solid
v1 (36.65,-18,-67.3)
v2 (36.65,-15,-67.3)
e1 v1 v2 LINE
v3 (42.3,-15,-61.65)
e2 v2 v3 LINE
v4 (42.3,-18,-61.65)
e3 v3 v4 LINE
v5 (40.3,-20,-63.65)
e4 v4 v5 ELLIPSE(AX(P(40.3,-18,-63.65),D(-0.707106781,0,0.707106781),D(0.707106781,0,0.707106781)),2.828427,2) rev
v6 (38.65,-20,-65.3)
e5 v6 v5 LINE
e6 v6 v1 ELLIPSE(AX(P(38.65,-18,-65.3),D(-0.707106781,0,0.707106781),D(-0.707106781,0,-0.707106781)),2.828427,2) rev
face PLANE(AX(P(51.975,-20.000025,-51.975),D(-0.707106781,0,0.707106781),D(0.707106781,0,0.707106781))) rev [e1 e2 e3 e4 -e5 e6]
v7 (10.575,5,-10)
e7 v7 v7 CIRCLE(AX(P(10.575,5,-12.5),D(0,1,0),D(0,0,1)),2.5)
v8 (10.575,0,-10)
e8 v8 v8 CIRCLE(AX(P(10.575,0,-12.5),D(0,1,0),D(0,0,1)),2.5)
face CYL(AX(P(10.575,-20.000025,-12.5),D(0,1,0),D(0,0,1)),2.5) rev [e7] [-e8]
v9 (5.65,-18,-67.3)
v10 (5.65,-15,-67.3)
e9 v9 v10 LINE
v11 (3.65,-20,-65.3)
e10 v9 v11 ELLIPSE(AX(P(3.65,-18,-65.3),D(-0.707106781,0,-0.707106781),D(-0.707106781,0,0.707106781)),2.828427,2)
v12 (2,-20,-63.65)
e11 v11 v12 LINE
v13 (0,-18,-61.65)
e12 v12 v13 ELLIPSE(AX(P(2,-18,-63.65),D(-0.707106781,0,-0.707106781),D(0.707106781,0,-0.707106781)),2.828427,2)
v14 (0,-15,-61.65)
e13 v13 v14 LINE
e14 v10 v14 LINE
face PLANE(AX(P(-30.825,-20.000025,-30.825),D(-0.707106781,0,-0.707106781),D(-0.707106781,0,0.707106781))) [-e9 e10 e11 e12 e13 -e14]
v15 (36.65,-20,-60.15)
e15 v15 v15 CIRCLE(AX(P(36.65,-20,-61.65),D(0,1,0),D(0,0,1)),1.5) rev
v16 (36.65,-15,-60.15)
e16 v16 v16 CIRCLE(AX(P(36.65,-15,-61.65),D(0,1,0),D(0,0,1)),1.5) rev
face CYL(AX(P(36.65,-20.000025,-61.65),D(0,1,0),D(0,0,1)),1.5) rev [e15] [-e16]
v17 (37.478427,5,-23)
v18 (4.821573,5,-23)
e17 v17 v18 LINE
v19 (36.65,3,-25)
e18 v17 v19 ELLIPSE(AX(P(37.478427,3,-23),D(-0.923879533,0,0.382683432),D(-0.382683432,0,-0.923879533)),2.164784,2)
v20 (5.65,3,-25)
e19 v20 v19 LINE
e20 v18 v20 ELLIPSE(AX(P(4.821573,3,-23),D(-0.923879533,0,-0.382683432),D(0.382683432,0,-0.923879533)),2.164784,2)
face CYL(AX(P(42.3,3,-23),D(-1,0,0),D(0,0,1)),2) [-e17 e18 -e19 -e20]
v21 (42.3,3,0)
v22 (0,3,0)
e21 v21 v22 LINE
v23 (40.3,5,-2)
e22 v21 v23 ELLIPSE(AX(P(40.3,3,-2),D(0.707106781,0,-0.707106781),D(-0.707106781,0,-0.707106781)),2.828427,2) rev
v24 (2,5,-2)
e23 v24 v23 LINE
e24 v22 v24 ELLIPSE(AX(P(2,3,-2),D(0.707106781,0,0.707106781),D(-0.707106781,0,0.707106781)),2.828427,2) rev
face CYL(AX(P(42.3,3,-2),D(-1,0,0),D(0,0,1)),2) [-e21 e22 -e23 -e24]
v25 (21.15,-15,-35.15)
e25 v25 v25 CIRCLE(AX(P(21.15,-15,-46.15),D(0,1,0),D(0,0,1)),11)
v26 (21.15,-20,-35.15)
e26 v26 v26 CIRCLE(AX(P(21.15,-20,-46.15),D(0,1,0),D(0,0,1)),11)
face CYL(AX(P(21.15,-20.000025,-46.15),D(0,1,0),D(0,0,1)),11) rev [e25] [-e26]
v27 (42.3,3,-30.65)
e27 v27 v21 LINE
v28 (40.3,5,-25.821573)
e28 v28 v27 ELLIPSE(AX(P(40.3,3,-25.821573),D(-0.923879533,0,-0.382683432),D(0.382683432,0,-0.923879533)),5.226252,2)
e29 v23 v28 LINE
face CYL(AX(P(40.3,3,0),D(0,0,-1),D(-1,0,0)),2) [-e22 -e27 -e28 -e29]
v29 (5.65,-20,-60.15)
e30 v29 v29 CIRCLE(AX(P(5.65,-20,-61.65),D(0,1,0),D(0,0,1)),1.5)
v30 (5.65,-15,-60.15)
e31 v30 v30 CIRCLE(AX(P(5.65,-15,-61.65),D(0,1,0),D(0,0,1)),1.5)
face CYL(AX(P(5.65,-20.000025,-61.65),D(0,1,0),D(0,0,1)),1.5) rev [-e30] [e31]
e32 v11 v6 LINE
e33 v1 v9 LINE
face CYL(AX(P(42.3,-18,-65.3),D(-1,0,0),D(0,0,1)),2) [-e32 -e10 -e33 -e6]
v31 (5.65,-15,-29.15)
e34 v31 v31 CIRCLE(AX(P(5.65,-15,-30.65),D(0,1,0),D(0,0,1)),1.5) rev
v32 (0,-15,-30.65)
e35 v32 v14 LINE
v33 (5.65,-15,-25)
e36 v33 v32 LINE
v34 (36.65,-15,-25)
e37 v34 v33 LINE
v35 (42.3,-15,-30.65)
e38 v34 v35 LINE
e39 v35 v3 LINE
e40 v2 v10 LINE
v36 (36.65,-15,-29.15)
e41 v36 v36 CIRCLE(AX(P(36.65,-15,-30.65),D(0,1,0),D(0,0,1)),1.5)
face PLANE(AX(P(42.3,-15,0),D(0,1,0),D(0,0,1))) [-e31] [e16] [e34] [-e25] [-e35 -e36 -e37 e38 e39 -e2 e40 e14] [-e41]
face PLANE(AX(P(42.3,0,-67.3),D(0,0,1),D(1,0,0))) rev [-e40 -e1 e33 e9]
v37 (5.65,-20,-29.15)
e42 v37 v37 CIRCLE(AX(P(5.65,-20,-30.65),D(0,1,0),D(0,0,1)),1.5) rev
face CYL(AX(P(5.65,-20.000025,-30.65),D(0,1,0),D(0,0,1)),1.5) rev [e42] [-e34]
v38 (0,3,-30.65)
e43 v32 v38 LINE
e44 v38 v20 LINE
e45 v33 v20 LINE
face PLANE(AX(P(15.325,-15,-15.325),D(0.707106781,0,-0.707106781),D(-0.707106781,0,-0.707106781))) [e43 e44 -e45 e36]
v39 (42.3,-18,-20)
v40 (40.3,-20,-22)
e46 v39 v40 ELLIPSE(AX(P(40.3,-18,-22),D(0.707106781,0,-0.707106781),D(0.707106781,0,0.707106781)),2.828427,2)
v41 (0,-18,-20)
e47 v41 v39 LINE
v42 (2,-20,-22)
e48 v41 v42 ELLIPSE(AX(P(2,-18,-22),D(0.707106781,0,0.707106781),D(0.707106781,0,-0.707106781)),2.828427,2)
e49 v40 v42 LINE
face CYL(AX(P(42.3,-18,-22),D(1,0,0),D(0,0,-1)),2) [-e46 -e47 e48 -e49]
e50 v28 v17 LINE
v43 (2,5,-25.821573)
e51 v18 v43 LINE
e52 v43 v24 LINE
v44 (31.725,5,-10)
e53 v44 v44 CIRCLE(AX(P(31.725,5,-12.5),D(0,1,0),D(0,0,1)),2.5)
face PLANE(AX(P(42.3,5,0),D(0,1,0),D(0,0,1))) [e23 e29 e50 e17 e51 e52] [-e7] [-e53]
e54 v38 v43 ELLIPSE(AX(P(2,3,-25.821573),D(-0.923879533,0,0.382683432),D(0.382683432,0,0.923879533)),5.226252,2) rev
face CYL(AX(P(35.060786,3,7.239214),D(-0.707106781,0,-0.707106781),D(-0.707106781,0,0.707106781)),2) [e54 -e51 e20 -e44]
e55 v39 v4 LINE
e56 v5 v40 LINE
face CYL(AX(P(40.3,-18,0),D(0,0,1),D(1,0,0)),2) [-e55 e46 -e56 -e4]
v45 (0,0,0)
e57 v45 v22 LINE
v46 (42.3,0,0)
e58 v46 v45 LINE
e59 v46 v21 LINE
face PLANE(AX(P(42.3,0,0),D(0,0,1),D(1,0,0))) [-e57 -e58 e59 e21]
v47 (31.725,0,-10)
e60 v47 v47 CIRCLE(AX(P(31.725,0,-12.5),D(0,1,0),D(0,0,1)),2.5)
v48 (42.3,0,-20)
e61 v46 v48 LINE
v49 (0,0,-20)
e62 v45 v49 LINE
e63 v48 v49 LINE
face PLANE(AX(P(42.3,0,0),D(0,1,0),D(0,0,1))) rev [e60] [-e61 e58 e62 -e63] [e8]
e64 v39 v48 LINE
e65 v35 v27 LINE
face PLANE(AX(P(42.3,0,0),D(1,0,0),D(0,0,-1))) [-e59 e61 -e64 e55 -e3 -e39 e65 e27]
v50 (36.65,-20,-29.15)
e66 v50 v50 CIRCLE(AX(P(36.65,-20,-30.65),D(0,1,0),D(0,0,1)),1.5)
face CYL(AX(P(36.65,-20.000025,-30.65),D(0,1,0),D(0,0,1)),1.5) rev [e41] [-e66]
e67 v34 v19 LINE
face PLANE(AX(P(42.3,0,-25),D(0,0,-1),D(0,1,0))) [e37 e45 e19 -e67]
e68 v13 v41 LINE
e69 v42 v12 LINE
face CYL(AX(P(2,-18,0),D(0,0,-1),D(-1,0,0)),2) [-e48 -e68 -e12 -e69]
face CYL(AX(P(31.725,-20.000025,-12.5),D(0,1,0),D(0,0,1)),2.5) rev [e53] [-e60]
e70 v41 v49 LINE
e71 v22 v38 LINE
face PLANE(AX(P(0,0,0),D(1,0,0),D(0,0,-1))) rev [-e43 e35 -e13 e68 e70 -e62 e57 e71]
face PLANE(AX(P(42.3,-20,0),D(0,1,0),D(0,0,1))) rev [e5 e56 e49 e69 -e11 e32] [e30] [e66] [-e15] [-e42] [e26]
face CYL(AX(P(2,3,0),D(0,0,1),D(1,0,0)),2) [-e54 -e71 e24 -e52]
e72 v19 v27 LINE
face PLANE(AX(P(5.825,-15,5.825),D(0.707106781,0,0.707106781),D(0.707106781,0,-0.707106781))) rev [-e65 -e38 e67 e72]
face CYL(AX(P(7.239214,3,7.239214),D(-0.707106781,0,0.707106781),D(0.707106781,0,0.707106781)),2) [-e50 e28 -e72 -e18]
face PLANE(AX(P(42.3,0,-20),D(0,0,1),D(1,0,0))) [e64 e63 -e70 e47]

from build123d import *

# Parameters (mm, degrees)
EXTRUDE_1_DEPTH     = 42.3
SKETCH_2_R          = 11
SKETCH_2_R_2        = 1.5
SKETCH_2_R_3        = 2.5
CUT_EXTRUDE_1_DEPTH = 84.328146505
EXTRUDE_2_DEPTH     = 20
FILLET_1_R          = 2


with BuildPart() as part:
    # 스케치1 → 보스-돌출1 (new body)
    with BuildSketch(Plane(origin=(0, 0, 0), x_dir=(0, 0, -1), z_dir=(1, 0, 0))):
        Polygon((0, 5), (0, 0), (20, 0), (20, -20), (67.3, -20), (67.3, -15), (25, -15), (25, 5), align=None)
    extrude(amount=EXTRUDE_1_DEPTH)

    # 스케치2 → 컷-돌출1 (cut, through all)
    with BuildSketch(Plane(origin=(0, 5, 0), x_dir=(1, 0, 0), z_dir=(0, 1, 0))):
        Polygon((0, 61.65), (5.65, 67.3), (0, 67.3), align=None)
        Polygon((42.3, 67.3), (36.65, 67.3), (42.3, 61.65), align=None)
        with Locations(Location((21.15, 46.15, 0), (0, 0, 270))):
            Circle(SKETCH_2_R)
        with Locations(Location((5.65, 61.65, 0), (0, 0, 270))):
            Circle(SKETCH_2_R_2)
        with Locations(Location((36.65, 61.65, 0), (0, 0, 270))):
            Circle(SKETCH_2_R_2)
        with Locations(Location((5.65, 30.65, 0), (0, 0, 270))):
            Circle(SKETCH_2_R_2)
        with Locations(Location((36.65, 30.65, 0), (0, 0, 270))):
            Circle(SKETCH_2_R_2)
        with Locations(Location((10.575, 12.5, 0), (0, 0, 270))):
            Circle(SKETCH_2_R_3)
        with Locations(Location((31.725, 12.5, 0), (0, 0, 270))):
            Circle(SKETCH_2_R_3)
    extrude(amount=-CUT_EXTRUDE_1_DEPTH, mode=Mode.SUBTRACT)

    # 스케치2<4> → 보스-돌출2 (add)
    with BuildSketch(Plane(origin=(0, 5, 0), x_dir=(1, 0, 0), z_dir=(0, 1, 0))):
        Polygon((5.65, 25), (0, 30.65), (0, 25), align=None)
        Polygon((42.3, 25), (42.3, 30.65), (36.65, 25), align=None)
    extrude(amount=-EXTRUDE_2_DEPTH)

    # 필렛1
    fillet_1_edges = [part.edges().sort_by_distance(p)[0] for p in [
        (21.15, -20, -67.3),
        (42.3, -20, -40.825),
        (0, -20, -40.825),
        (21.15, -20, -20),
        (2.825, 5, -27.825),
        (21.15, 5, -25),
        (39.475, 5, -27.825),
        (21.15, 5, 0),
        (0, 5, -15.325),
        (42.3, 5, -15.325),
    ]]
    fillet(fillet_1_edges, radius=FILLET_1_R)


solid = part.part
